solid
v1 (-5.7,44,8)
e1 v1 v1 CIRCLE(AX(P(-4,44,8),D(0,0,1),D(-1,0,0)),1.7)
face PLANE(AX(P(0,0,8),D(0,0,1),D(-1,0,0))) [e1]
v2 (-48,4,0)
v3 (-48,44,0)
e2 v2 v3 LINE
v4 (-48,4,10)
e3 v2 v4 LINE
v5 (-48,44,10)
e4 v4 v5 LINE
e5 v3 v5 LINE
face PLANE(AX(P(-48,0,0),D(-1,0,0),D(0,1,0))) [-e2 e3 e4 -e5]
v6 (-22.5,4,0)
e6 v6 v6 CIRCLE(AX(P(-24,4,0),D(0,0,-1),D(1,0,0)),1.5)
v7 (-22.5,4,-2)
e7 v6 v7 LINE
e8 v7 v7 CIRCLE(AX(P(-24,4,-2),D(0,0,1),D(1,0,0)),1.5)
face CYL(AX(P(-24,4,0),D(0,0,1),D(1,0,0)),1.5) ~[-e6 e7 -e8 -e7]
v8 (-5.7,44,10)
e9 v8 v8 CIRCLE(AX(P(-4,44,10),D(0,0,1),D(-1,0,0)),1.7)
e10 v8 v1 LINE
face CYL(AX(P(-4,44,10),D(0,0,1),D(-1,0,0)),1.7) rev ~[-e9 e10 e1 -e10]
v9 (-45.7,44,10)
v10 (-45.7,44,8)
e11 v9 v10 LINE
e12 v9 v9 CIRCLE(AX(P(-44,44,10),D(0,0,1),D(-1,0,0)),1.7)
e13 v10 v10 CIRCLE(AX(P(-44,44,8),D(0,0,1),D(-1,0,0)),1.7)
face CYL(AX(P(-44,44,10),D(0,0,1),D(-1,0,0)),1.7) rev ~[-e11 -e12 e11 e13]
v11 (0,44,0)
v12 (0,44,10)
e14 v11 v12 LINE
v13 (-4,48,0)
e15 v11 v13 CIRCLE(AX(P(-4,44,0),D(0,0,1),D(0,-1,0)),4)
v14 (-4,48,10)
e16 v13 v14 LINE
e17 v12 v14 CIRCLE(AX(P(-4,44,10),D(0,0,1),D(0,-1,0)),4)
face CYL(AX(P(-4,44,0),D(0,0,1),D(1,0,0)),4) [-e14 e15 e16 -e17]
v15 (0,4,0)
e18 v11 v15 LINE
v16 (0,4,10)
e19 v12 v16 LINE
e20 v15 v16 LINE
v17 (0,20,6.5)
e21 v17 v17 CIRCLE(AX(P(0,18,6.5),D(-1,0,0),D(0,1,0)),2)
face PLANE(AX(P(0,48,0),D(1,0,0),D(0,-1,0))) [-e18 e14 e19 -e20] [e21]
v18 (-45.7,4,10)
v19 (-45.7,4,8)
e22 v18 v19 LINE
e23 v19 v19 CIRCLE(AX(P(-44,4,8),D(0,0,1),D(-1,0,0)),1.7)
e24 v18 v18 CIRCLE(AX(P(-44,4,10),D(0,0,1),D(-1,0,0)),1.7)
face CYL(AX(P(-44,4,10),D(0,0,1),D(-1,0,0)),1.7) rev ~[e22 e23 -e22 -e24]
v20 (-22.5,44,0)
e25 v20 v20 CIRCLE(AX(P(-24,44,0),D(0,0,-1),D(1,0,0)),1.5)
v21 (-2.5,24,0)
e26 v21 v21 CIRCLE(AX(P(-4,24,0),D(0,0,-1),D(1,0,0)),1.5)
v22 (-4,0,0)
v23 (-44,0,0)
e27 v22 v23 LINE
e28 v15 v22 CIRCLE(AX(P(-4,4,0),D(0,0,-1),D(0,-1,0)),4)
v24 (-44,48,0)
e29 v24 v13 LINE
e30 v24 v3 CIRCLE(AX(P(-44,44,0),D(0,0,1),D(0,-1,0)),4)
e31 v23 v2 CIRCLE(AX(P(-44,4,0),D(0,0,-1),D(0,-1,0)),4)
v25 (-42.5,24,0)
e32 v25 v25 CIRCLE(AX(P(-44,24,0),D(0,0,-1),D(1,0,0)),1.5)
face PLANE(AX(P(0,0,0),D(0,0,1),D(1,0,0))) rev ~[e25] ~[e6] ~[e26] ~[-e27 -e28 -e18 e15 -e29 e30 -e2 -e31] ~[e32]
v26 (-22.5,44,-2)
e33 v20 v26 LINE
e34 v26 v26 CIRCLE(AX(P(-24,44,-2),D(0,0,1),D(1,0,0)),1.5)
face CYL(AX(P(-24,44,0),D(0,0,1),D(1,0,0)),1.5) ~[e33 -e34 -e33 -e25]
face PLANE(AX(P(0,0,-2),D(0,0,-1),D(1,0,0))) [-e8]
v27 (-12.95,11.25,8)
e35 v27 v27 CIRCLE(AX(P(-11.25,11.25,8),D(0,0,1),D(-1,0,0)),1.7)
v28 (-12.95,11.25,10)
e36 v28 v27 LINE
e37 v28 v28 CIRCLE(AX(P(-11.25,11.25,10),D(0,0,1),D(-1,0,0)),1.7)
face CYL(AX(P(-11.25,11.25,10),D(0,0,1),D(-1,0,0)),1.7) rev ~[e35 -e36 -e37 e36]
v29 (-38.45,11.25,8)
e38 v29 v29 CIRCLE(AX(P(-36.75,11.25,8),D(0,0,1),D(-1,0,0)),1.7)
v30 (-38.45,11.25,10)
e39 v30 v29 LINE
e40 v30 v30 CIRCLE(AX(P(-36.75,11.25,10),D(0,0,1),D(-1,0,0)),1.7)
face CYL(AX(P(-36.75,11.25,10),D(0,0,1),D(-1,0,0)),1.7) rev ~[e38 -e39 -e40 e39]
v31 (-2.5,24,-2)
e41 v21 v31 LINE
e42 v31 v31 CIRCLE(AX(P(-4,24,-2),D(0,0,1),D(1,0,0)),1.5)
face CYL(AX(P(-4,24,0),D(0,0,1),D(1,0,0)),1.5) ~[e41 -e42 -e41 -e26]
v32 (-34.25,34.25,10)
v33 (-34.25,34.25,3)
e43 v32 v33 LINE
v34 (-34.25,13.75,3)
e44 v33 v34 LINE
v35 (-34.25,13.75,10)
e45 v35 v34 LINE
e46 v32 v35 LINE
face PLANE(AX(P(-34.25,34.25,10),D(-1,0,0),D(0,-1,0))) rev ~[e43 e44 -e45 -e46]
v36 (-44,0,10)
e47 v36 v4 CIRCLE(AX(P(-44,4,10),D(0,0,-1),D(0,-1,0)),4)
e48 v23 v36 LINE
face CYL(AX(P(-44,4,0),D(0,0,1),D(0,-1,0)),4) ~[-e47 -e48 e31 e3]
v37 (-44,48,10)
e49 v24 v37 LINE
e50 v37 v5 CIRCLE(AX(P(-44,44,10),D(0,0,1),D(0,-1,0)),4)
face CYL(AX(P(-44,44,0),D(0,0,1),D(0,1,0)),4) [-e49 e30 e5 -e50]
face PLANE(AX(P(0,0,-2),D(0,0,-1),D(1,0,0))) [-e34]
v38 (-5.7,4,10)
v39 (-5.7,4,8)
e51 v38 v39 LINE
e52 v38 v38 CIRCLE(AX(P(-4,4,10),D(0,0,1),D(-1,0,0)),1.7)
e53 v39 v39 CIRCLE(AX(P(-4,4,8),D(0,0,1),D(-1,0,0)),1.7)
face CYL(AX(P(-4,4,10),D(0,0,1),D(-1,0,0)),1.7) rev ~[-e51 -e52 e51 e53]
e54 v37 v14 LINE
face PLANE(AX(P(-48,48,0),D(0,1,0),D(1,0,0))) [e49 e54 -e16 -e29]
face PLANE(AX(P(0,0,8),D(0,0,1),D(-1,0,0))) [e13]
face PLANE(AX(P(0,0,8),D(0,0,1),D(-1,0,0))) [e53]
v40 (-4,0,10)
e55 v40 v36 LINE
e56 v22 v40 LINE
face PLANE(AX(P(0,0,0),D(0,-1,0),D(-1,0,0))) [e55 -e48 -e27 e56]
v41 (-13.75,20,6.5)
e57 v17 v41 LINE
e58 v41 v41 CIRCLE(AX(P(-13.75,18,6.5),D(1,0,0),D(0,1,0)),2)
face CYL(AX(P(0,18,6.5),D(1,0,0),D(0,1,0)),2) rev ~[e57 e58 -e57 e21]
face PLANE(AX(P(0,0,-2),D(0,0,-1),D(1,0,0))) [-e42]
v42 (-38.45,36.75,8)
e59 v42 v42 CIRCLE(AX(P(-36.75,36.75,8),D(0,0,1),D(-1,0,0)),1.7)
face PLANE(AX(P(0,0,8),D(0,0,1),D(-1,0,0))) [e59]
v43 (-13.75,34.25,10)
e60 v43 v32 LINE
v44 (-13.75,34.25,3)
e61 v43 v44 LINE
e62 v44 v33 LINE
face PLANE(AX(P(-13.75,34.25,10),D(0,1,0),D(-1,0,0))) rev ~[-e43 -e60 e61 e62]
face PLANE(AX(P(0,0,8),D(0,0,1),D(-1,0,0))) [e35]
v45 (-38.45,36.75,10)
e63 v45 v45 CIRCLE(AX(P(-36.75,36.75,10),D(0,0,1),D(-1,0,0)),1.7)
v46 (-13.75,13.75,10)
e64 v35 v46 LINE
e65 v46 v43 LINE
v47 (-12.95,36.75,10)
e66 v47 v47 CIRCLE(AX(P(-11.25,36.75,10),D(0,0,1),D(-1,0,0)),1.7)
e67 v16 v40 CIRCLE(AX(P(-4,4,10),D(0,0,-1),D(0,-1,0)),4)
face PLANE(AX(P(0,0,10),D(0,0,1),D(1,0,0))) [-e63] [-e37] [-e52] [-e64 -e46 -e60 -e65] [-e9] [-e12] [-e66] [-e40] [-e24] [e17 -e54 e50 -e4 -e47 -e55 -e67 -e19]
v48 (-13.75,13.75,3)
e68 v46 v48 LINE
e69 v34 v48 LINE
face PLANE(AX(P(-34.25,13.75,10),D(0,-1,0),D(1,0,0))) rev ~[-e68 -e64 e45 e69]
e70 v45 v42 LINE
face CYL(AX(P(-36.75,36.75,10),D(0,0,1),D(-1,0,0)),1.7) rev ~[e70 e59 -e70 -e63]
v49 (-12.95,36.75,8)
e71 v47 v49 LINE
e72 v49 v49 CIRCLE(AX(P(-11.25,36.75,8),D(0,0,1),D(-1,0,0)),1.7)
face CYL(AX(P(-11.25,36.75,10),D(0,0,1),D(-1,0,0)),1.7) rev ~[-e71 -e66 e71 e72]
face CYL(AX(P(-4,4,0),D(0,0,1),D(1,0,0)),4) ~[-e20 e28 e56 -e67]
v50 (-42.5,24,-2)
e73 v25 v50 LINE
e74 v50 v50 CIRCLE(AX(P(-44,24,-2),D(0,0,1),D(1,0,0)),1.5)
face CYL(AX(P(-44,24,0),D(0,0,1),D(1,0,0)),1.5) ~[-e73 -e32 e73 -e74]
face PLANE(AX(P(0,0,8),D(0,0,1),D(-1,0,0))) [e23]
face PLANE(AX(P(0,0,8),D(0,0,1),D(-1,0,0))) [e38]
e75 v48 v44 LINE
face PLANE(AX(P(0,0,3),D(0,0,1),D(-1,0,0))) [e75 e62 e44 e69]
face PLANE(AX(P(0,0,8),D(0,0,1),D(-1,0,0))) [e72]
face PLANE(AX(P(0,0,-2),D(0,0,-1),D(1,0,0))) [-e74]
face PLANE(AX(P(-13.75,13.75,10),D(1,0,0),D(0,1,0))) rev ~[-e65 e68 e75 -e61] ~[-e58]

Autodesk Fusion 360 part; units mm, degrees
sketch "Sketch1" plane through (0, 0, 0) normal (0, 0, 1) x (1, 0, 0)
  line L0 (0, 0) -> (-48, 0)
  line L1 (-48, 0) -> (-48, 48)
  line L2 (-48, 48) -> (0, 48)
  line L3 (0, 48) -> (0, 0)
  dimension "d1" = 48
  dimension "d2" = 48
extrude "Extrude1" add sketch "Sketch1" along normal blind 10
sketch "Sketch2" plane through (0, 0, 10) normal (0, 0, 1) x (-1, 0, 0)
  line L0 (0, -48) -> (48, -48)
  line L1 (48, -48) -> (48, 0)
  line L2 (48, 0) -> (0, 0)
  line L3 (0, 0) -> (0, -48)
  line L4 (34.25, -13.75) -> (13.75, -13.75)
  line L5 (13.75, -13.75) -> (13.75, -34.25)
  line L6 (13.75, -34.25) -> (34.25, -34.25)
  line L7 (34.25, -34.25) -> (34.25, -13.75)
  line L8 (34.25, -13.75) -> (13.75, -34.25) construction
  line L9 (13.75, -13.75) -> (34.25, -34.25) construction
  point P0 (24, -24)
  dimension "d5" = 20.5
  dimension "d6" = 20.5
extrude "Extrude2" cut sketch "Sketch2" against normal blind 7 contours L4 L5 L6 L7
sketch "Sketch3" plane through (0, 0, 10) normal (0, 0, 1) x (-1, 0, 0)
  line L0 (13.75, -13.75) -> (34.25, -13.75)
  line L1 (34.25, -13.75) -> (34.25, -34.25)
  line L2 (34.25, -34.25) -> (13.75, -34.25)
  line L3 (13.75, -34.25) -> (13.75, -13.75)
  line L4 (0, -48) -> (48, -48)
  line L5 (48, -48) -> (48, 0)
  line L6 (48, 0) -> (0, 0)
  line L7 (0, 0) -> (0, -48)
sketch "Sketch4" plane through (0, 0, 0) normal (1, 0, 0) x (0, 1, 0)
  line L0 (0, 0) -> (48, 0)
  line L1 (48, 0) -> (48, 10)
  line L2 (48, 10) -> (0, 10)
  line L3 (0, 10) -> (0, 0)
  line L4 (0, 10) -> (18, 10)
  line L5 (18, 10) -> (18, 6.5)
  line L6 (18, 6.5) -> (0, 6.5)
  line L7 (0, 6.5) -> (0, 10)
  circle A0 centre (18, 6.5) radius 2
  dimension "d9" = 18
  dimension "d10" = 3.5
  dimension "d11" = 4
extrude "Extrude3" cut sketch "Sketch4" against normal blind 15 contours L5 L6 A0 | L5 L6 A0
fillet "Fillet1" radius 4 1 edges at (0, 48, 5)
fillet "Fillet2" radius 4 1 edges at (0, 0, 5)
fillet "Fillet3" radius 4 2 edges at (-48, 48, 5) (-48, 0, 5)
sketch "Sketch5" plane through (0, 0, 10) normal (0, 0, 1) x (-1, 0, 0)
  line L0 (13.75, -13.75) -> (11.25, -13.75)
  line L1 (11.25, -13.75) -> (11.25, -11.25)
  line L2 (11.25, -11.25) -> (13.75, -11.25)
  line L3 (13.75, -11.25) -> (13.75, -13.75)
  line L4 (11.25, -11.25) -> (36.75, -11.25)
  line L5 (36.75, -11.25) -> (36.75, -36.75)
  line L6 (36.75, -36.75) -> (11.25, -36.75)
  line L7 (11.25, -36.75) -> (11.25, -11.25)
  circle A0 centre (36.75, -36.75) radius 1.6
  circle A1 centre (11.25, -36.75) radius 1.6
  circle A2 centre (11.25, -11.25) radius 1.6
  circle A3 centre (36.75, -11.25) radius 1.6
  point P0 (13.75, -13.75)
  dimension "d20" = 2.5
  dimension "d21" = 2.5
  dimension "d22" = 25.5
  dimension "d23" = 25.5
  dimension "d24" = 3.2
  dimension "d25" = 3.2
  dimension "d26" = 3.2
  dimension "d27" = 3.2
extrude "Extrude4" cut sketch "Sketch5" against normal blind 2 contours L1 L2 L4 L7 A2 | L1 L2 L4 L7 A2 | L6 L7 A1 | L6 L7 A1 | L4 L5 A3 | L4 L5 A3 | L5 L6 A0 | L5 L6 A0
sketch "Sketch6" plane through (0, 0, 0) normal (0, 0, -1) x (1, 0, 0)
  arc A0 (-44, 0) -> (-48, -4) centre (-44, -4) ccw
  line L0 (-48, -4) -> (-48, -44)
  arc A1 (-48, -44) -> (-44, -48) centre (-44, -44) ccw
  line L1 (-44, -48) -> (-4, -48)
  arc A2 (-4, -48) -> (0, -44) centre (-4, -44) ccw
  line L2 (0, -44) -> (0, -4)
  arc A3 (0, -4) -> (-4, 0) centre (-4, -4) ccw
  line L3 (-4, 0) -> (-44, 0)
  line L4 (0, 0) -> (-4, 0)
  line L5 (0, -4) -> (0, 0)
  circle A4 centre (-4, -44) radius 1.5
  circle A5 centre (-44, -44) radius 1.5
  circle A6 centre (-44, -4) radius 1.5
  circle A7 centre (-4, -4) radius 1.5
  dimension "d30" = 4
  dimension "d31" = 40
  dimension "d33" = 3
  dimension "d34" = 3
  dimension "d35" = 3
  dimension "d36" = 3
extrude "Extrude5" add sketch "Sketch6" along normal blind 2 contours A4 | A5 | A6 | A7
sketch "Sketch7" plane through (0, 0, 10) normal (0, 0, 1) x (-1, 0, 0)
  line L0 (0, 0) -> (4, 0)
  line L1 (4, 0) -> (4, -4)
  line L2 (4, -4) -> (0, -4)
  line L3 (0, -4) -> (0, 0)
  line L4 (4, -4) -> (44, -4)
  line L5 (44, -4) -> (44, -44)
  line L6 (44, -44) -> (4, -44)
  line L7 (4, -44) -> (4, -4)
  circle A0 centre (4, -4) radius 1.6
  circle A1 centre (44, -4) radius 1.6
  circle A2 centre (4, -44) radius 1.6
  circle A3 centre (44, -44) radius 1.6
  dimension "d39" = 4
  dimension "d40" = 4
  dimension "d41" = 40
  dimension "d42" = 40
  dimension "d43" = 3.2
  dimension "d44" = 3.2
  dimension "d45" = 3.2
  dimension "d46" = 3.2
extrude "Extrude6" cut sketch "Sketch7" against normal blind 2 contours L1 L4 A0 | L1 L2 A0 | L2 L7 A0 | L4 L7 A0 | L4 L5 A1 | L4 L5 A1 | L6 L7 A2 | L6 L7 A2 | L5 L6 A3 | L5 L6 A3
extrude "Extrude7" cut 4 faces at (-44.3721, 3.7344, -2) (-4.5584, 4.2485, -2) (-4.4413, 44.3401, -2) (-43.9601, 44.4654, -2) along direction (0, 0, 1) blind 2
sketch "Sketch8" plane through (0, 0, 0) normal (0, 0, -1) x (1, 0, 0)
  arc A0 (-44, 0) -> (-48, -4) centre (-44, -4) ccw
  line L0 (-48, -4) -> (-48, -44)
  arc A1 (-48, -44) -> (-44, -48) centre (-44, -44) ccw
  line L1 (-44, -48) -> (-4, -48)
  arc A2 (-4, -48) -> (0, -44) centre (-4, -44) ccw
  line L2 (0, -44) -> (0, -4)
  arc A3 (0, -4) -> (-4, 0) centre (-4, -4) ccw
  line L3 (-4, 0) -> (-44, 0)
  line L4 (0, 0) -> (-4, 0)
  line L5 (-4, 0) -> (-4, -4)
  line L6 (-4, -4) -> (0, -4)
  line L7 (0, -4) -> (0, 0)
  line L8 (-4, -4) -> (-44, -4)
  line L9 (-44, -4) -> (-44, -44)
  line L10 (-44, -44) -> (-4, -44)
  line L11 (-4, -44) -> (-4, -4)
  circle A4 centre (-24, -4) radius 1.5
  circle A5 centre (-24, -44) radius 1.5
  circle A6 centre (-4, -24) radius 1.5
  circle A7 centre (-44, -24) radius 1.5
  dimension "d51" = 4
  dimension "d52" = 40
  dimension "d53" = 40
  dimension "d54" = 3
  dimension "d55" = 3
  dimension "d56" = 3
  dimension "d57" = 3
extrude "Extrude8" add sketch "Sketch8" along normal blind 2 contours L8 A4 | L8 A4 | L11 A6 | L11 A6 | L9 A7 | L9 A7 | L10 A5 | L10 A5
sketch "Sketch9" plane through (0, 0, 10) normal (0, 0, 1) x (-1, 0, 0)
  circle A0 centre (4, -4) radius 1.7
  dimension "d60" = 3.4
extrude "Extrude9" cut sketch "Sketch9" against normal blind 2
sketch "Sketch10" plane through (0, 0, 10) normal (0, 0, 1) x (-1, 0, 0)
  circle A0 centre (4, -44) radius 1.7
  arc A1 (0, -44) -> (4, -48) centre (4, -44) ccw
  dimension "d63" = 3.4
extrude "Extrude10" cut sketch "Sketch10" against normal blind 2
sketch "Sketch11" plane through (0, 0, 10) normal (0, 0, 1) x (-1, 0, 0)
  circle A0 centre (44, -4) radius 1.7
  dimension "d66" = 3.4
extrude "Extrude11" cut sketch "Sketch11" against normal blind 2
sketch "Sketch12" plane through (0, 0, 10) normal (0, 0, 1) x (-1, 0, 0)
  circle A0 centre (44, -44) radius 1.7
  dimension "d69" = 3.4
extrude "Extrude12" cut sketch "Sketch12" against normal blind 2
sketch "Sketch13" plane through (0, 0, 10) normal (0, 0, 1) x (-1, 0, 0)
  circle A0 centre (11.25, -11.25) radius 1.7
  circle A1 centre (11.25, -11.25) radius 1.6
  dimension "d72" = 3.4
extrude "Extrude13" cut sketch "Sketch13" against normal blind 2
sketch "Sketch14" plane through (0, 0, 10) normal (0, 0, 1) x (-1, 0, 0)
  circle A0 centre (36.75, -11.25) radius 1.7
  circle A1 centre (36.75, -11.25) radius 1.6
  dimension "d75" = 3.4
extrude "Extrude14" cut sketch "Sketch14" against normal blind 2
sketch "Sketch15" plane through (0, 0, 10) normal (0, 0, 1) x (-1, 0, 0)
  circle A0 centre (36.75, -36.75) radius 1.7
  circle A1 centre (36.75, -36.75) radius 1.6
  dimension "d78" = 3.4
extrude "Extrude15" cut sketch "Sketch15" against normal blind 2
sketch "Sketch16" plane through (0, 0, 10) normal (0, 0, 1) x (-1, 0, 0)
  circle A0 centre (11.25, -36.75) radius 1.7
  circle A1 centre (11.25, -36.75) radius 1.6
  dimension "d81" = 3.4
extrude "Extrude16" cut sketch "Sketch16" against normal blind 2
